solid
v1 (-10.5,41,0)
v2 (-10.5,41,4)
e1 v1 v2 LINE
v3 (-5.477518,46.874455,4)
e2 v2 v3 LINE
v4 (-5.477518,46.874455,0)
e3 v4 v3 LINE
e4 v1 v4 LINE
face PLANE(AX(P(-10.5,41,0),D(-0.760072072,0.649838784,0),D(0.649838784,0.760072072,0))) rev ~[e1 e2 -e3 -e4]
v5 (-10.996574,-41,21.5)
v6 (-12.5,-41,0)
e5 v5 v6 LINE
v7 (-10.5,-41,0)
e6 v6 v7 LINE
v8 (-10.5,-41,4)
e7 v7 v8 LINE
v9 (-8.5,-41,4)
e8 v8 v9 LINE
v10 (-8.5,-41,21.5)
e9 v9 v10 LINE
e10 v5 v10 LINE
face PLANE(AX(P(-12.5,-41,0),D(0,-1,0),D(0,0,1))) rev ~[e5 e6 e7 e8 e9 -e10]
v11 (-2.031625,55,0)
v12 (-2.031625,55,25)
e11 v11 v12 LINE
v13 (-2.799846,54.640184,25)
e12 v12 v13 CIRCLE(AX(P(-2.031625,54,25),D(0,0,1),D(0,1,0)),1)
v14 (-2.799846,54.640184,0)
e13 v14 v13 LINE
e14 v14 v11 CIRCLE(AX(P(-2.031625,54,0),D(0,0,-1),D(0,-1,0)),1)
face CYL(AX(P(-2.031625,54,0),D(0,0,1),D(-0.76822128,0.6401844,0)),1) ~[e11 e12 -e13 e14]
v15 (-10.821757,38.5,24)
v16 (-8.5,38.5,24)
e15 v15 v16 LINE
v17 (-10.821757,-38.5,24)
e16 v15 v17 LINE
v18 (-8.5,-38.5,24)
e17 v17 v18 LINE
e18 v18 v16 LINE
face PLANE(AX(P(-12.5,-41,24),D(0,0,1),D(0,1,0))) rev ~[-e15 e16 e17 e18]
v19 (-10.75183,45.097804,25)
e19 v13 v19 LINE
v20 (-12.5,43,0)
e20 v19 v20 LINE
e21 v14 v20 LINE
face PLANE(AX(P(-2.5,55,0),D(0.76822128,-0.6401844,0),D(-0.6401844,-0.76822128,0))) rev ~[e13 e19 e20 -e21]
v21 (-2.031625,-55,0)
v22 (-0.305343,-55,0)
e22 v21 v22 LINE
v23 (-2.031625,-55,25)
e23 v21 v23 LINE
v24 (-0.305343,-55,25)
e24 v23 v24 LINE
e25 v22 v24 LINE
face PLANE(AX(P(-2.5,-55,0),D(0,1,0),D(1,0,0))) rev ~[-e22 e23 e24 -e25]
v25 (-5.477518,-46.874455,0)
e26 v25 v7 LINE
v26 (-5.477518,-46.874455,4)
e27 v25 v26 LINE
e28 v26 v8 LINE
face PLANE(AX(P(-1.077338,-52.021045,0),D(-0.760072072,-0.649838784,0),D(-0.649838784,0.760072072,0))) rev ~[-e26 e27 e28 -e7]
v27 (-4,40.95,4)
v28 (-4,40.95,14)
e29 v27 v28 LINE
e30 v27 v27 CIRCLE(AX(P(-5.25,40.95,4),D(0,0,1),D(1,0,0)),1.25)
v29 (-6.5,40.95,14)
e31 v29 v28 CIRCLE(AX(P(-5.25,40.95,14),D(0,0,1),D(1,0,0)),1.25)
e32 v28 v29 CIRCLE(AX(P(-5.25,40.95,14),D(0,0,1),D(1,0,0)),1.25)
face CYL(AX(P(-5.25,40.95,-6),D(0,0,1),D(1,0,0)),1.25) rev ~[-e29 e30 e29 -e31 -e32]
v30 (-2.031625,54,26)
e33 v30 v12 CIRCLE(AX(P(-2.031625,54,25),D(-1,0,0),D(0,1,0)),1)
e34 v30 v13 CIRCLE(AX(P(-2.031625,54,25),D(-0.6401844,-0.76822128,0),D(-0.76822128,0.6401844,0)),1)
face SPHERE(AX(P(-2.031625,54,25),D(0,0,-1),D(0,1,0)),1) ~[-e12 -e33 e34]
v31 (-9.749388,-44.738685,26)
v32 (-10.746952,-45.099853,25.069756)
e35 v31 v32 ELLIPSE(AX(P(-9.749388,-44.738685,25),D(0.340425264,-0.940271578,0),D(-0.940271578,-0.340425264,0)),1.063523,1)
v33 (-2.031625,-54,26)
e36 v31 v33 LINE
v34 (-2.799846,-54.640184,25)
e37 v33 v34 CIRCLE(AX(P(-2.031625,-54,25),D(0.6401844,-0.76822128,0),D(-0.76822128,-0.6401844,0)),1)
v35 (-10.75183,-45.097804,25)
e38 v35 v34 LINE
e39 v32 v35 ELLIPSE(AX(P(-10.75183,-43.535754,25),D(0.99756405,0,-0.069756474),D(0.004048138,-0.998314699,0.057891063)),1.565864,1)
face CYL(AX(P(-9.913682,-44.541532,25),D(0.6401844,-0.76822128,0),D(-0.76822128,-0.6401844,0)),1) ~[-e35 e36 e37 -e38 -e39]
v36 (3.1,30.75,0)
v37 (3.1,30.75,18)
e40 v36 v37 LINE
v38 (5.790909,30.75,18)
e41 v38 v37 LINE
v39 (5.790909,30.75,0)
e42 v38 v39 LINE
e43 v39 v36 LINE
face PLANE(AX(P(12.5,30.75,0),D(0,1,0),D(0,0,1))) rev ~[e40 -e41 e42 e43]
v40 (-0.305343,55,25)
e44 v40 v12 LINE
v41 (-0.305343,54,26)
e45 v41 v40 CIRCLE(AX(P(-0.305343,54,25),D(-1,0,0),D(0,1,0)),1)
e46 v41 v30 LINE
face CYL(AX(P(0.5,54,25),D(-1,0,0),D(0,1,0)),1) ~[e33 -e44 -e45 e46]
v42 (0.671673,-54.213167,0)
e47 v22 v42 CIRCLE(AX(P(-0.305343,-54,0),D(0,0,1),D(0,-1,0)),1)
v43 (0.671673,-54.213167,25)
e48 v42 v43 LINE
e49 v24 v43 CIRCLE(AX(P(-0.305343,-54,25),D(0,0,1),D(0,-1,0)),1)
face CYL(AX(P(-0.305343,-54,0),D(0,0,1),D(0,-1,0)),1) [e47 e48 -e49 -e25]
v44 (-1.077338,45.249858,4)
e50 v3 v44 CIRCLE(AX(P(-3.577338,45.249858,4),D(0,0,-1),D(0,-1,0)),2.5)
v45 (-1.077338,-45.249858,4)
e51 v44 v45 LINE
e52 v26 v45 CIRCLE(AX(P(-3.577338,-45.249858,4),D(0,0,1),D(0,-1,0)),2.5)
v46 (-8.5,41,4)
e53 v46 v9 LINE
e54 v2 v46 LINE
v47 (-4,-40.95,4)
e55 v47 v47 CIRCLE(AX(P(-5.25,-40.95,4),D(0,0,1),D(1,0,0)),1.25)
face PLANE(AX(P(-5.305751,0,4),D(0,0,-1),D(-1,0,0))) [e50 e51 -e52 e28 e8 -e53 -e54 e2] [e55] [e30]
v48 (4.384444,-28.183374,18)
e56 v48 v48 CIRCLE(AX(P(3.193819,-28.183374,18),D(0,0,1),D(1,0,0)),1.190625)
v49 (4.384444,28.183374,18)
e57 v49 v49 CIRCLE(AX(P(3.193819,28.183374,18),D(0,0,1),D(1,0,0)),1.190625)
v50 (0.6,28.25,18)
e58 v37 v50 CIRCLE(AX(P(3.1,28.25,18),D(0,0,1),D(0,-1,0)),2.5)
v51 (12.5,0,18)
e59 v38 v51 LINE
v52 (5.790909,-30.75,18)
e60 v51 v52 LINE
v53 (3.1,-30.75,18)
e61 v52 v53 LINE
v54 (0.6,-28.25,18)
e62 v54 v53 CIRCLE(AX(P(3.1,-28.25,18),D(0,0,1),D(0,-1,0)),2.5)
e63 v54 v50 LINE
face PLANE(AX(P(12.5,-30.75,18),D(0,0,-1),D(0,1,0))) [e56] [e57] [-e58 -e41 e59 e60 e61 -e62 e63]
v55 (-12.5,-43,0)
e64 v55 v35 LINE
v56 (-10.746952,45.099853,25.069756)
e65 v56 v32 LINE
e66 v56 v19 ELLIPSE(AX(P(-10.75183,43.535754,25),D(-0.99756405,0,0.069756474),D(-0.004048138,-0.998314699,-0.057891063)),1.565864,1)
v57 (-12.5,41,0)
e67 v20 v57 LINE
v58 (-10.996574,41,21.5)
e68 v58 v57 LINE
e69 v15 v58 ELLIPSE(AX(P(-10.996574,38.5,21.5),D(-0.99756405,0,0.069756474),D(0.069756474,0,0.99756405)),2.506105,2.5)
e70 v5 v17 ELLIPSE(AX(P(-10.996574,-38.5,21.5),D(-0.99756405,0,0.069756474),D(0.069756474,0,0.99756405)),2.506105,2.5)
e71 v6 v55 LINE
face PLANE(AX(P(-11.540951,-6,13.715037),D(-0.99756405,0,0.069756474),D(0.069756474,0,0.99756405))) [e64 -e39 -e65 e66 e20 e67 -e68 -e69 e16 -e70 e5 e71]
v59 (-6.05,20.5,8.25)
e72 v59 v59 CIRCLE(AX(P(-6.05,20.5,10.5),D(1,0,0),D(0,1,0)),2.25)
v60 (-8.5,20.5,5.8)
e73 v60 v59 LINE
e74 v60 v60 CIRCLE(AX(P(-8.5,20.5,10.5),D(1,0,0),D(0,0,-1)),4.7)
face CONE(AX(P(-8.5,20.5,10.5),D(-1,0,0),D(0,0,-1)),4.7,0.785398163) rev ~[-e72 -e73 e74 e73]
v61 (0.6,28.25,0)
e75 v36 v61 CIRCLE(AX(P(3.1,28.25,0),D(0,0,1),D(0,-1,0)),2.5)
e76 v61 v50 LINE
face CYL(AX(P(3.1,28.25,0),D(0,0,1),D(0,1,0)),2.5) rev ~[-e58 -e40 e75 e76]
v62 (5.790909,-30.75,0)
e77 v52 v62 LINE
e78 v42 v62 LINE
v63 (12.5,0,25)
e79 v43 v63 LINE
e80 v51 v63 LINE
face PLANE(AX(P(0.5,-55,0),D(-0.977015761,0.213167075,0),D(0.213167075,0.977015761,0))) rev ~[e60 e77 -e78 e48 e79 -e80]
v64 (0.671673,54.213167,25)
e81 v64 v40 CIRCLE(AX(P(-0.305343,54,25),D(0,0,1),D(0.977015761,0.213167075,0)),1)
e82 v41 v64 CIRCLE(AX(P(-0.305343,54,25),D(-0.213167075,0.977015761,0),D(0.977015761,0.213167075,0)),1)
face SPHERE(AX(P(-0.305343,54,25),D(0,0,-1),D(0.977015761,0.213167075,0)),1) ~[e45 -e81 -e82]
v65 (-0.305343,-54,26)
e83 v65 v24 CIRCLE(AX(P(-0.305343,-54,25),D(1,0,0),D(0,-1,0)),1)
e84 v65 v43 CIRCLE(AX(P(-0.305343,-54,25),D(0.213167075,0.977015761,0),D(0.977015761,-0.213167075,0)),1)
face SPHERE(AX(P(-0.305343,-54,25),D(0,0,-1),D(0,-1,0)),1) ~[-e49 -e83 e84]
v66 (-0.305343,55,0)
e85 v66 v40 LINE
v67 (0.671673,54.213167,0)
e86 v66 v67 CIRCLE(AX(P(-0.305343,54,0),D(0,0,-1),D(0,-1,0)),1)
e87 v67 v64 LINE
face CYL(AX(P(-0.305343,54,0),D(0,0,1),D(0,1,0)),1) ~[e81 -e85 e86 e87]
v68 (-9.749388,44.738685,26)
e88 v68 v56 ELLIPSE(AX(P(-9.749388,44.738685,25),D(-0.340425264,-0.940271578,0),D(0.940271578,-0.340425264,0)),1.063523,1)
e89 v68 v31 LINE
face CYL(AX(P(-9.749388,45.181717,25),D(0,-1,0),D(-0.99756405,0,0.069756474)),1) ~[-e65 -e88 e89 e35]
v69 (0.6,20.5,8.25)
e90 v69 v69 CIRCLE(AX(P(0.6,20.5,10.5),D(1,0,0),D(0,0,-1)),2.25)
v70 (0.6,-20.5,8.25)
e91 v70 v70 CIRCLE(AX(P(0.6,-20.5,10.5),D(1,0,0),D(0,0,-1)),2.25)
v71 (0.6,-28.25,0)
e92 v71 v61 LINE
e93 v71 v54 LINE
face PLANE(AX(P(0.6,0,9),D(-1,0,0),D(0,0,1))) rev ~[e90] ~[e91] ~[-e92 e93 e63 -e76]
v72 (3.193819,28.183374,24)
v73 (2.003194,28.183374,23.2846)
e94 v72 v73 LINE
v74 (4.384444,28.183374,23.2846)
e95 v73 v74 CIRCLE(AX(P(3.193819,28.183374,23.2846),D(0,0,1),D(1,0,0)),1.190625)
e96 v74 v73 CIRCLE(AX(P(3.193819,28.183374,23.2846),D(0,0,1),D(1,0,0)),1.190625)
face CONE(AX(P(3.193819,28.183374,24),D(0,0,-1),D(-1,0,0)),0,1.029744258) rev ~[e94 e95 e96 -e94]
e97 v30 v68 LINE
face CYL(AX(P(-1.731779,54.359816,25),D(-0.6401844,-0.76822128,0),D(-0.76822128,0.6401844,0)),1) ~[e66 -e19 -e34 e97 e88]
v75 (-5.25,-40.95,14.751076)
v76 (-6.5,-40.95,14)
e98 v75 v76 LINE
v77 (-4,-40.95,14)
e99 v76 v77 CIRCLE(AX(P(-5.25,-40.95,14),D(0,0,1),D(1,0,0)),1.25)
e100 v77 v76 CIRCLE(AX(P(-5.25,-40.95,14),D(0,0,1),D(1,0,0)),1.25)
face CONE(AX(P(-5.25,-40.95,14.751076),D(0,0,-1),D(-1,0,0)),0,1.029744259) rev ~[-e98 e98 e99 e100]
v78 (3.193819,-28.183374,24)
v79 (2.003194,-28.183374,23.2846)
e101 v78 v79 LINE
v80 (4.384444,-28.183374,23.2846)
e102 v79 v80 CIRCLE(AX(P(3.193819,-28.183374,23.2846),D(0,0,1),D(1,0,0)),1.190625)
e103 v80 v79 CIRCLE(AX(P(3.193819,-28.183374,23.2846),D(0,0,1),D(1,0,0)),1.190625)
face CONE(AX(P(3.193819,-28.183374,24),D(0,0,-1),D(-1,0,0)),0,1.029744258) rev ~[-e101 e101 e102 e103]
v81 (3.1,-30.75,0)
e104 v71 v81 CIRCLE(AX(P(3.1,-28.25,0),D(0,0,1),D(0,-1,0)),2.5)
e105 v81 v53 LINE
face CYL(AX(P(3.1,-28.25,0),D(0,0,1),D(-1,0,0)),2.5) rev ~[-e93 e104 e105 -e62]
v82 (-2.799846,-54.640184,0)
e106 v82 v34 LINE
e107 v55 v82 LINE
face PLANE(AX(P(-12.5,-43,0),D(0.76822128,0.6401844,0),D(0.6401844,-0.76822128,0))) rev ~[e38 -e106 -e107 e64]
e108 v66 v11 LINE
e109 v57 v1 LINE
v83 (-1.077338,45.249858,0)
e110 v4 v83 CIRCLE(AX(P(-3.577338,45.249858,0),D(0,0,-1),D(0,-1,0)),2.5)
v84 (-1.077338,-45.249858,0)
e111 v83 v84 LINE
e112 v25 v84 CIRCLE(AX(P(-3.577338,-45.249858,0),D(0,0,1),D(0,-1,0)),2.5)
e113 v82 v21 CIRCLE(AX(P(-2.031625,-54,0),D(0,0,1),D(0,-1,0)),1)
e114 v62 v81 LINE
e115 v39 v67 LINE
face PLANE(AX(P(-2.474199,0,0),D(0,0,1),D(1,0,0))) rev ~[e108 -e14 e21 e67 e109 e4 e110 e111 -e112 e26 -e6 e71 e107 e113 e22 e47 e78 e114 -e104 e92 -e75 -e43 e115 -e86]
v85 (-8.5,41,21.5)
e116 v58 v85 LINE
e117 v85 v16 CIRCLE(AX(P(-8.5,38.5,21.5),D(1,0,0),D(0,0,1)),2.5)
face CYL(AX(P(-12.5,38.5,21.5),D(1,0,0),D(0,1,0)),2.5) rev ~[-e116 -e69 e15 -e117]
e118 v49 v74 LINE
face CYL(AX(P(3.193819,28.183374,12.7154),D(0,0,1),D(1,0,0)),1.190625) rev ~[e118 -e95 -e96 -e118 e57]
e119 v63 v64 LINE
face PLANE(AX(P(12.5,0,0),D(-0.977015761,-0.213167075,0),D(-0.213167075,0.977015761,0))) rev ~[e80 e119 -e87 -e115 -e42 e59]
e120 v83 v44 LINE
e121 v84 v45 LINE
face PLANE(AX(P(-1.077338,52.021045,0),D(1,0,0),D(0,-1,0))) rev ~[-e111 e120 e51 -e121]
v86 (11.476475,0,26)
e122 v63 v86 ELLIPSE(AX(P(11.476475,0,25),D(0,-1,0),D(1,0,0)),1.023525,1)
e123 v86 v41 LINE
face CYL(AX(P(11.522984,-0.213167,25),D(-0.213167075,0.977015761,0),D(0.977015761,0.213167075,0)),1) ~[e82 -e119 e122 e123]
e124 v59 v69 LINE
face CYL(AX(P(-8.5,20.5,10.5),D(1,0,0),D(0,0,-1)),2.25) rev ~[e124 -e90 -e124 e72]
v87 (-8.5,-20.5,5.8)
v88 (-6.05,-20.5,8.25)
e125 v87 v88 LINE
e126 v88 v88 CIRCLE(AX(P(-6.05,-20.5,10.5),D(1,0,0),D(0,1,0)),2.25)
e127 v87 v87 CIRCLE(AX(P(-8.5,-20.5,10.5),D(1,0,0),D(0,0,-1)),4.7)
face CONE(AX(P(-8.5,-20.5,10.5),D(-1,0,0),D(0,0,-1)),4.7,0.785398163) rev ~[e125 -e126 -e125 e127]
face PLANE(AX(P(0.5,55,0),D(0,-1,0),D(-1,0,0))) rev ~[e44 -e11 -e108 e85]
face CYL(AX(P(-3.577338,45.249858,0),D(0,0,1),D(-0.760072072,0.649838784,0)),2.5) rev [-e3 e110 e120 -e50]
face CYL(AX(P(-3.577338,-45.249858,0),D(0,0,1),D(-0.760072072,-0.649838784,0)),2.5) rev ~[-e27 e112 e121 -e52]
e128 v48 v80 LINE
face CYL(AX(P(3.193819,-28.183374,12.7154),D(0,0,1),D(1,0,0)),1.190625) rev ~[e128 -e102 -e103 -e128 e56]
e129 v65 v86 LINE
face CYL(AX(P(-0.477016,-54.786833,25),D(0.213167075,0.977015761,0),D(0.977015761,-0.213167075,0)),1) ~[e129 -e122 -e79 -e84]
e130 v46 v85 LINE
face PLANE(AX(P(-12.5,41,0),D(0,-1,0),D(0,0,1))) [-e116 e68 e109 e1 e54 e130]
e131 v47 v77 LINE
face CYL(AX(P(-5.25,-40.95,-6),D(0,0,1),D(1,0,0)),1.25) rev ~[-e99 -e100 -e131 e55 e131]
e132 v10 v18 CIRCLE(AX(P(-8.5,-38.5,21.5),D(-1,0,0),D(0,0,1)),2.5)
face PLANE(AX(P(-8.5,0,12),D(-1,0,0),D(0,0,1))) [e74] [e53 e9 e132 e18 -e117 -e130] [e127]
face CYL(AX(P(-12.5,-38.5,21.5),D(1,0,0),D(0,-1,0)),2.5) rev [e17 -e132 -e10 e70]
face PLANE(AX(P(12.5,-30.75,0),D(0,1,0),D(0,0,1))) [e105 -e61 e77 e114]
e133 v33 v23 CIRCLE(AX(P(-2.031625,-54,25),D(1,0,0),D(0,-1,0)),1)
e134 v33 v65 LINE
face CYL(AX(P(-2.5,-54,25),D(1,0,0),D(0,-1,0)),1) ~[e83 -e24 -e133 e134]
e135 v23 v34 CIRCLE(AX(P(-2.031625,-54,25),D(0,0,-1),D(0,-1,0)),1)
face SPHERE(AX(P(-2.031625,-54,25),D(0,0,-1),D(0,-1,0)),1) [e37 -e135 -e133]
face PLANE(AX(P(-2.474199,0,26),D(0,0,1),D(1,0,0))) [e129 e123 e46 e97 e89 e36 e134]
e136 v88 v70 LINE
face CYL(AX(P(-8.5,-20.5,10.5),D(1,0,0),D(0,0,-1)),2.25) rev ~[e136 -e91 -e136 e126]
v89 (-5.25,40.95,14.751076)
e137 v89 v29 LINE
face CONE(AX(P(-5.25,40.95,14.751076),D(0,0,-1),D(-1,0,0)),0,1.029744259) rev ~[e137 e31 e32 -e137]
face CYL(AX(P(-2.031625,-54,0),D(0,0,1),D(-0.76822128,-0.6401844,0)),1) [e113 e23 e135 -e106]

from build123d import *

# Parameters (mm, degrees)
MAIN_PROFILE_DEPTH                              = 26
SKETCH2_W                                       = 18
SKETCH2_H                                       = 61.5
BODY_ATTACHMENT_CAVITY_DEPTH                    = 11.9
FILLET1_R                                       = 2.5
SKETCH5_W                                       = 24
SKETCH5_H                                       = 82
FACE_CAVITY_DEPTH                               = 4
FILLET2_R                                       = 2.5
CUT_EXTRUDE3_DEPTH                              = 4
FILLET3_R                                       = 2.5
SKETCH8_W                                       = 27.49705506
SKETCH8_H                                       = 110
CUT_REVOLVE1_ANGLE                              = 4
M3X0_5_TAPPED_HOLE1_D                           = 2.5
M3X0_5_TAPPED_HOLE1_DEPTH                       = 10
M3X0_5_TAPPED_HOLE1_TIP                         = 0.751075774
CSK_FOR_M4_FLAT_HEAD_MACHINE_SCREW1_D           = 4.5
CSK_FOR_M4_FLAT_HEAD_MACHINE_SCREW1_DEPTH       = 10
CSK_FOR_M4_FLAT_HEAD_MACHINE_SCREW1_CSINK_D     = 9.4
CSK_FOR_M4_FLAT_HEAD_MACHINE_SCREW1_CSINK_ANGLE = 90
CSK_FOR_M4_FLAT_HEAD_MACHINE_SCREW1_TIP         = 1.351936393
F_3_32_0_09375_DIAMETER_HOLE1_D                 = 2.38125
F_3_32_0_09375_DIAMETER_HOLE1_DEPTH             = 5.284600325
F_3_32_0_09375_DIAMETER_HOLE1_TIP               = 0.715399675
FILLET4_R                                       = 1


with BuildPart() as part:
    # Sketch1 → Main Profile (new body)
    with BuildSketch(Plane.XY):
        Polygon((-2.5, 55), (-12.5, 43), (-12.5, -43), (-2.5, -55), (0.5, -55), (12.5, 0), (0.5, 55), align=None)
    extrude(amount=MAIN_PROFILE_DEPTH)

    # Sketch2 → Body Attachment Cavity (cut)
    with BuildSketch(Plane.ZY.offset(-12.5)):
        with Locations((9, 0)):
            Rectangle(SKETCH2_W, SKETCH2_H)
    extrude(amount=BODY_ATTACHMENT_CAVITY_DEPTH, mode=Mode.SUBTRACT)

    # Fillet1
    fillet1_edges = [part.edges().sort_by_distance(p)[0] for p in [
        (0.6, -30.75, 9),
        (0.6, 30.75, 9),
    ]]
    fillet(fillet1_edges, radius=FILLET1_R)

    # Sketch5 → Face Cavity (cut)
    with BuildSketch(Plane.ZY.offset(12.5)):
        with Locations((12, 0)):
            Rectangle(SKETCH5_W, SKETCH5_H)
    extrude(amount=-FACE_CAVITY_DEPTH, mode=Mode.SUBTRACT)

    # Fillet2
    fillet2_edges = [part.edges().sort_by_distance(p)[0] for p in [
        (-10.5, 41, 24),
        (-10.5, -41, 24),
    ]]
    fillet(fillet2_edges, radius=FILLET2_R)

    # Sketch7 → Cut-Extrude3 (cut)
    with BuildSketch(Plane(origin=(0, 0, 0), x_dir=(-1, 0, 0), z_dir=(0, 0, -1))):
        Polygon((10.5, 41), (1.077337627, 52.021045042), (1.077337627, -52.021045042), (10.5, -41), align=None)
    extrude(amount=-CUT_EXTRUDE3_DEPTH, mode=Mode.SUBTRACT)

    # Fillet3
    fillet3_edges = [part.edges().sort_by_distance(p)[0] for p in [
        (-1.077337627, -52.021045042, 2),
        (-1.077337627, 52.021045042, 2),
    ]]
    fillet(fillet3_edges, radius=FILLET3_R)

    # Sketch8 → Cut-Revolve1 (revolve, cut)
    with BuildSketch(Plane.ZY.offset(12.5)):
        with Locations((13.74852753, -6)):
            Rectangle(SKETCH8_W, SKETCH8_H)
    revolve(axis=Axis((-12.5, 49, 0), (0, 1, 0)), revolution_arc=CUT_REVOLVE1_ANGLE, mode=Mode.SUBTRACT)

    # M3x0.5 Tapped Hole1
    with Locations(Plane(origin=(0, 0, 4), x_dir=(-1, 0, 0), z_dir=(0, 0, -1))):
        with Locations((5.25, 40.95), (5.25, -40.95)):
            Hole(M3X0_5_TAPPED_HOLE1_D / 2, depth=M3X0_5_TAPPED_HOLE1_DEPTH)
            with Locations((0, 0, -(M3X0_5_TAPPED_HOLE1_DEPTH + M3X0_5_TAPPED_HOLE1_TIP / 2))):  # 118° drill point
                Cone(0, M3X0_5_TAPPED_HOLE1_D / 2, M3X0_5_TAPPED_HOLE1_TIP, mode=Mode.SUBTRACT)

    # CSK for M4 Flat Head Machine Screw1
    with Locations(Plane.ZY.offset(8.5)):
        with Locations((10.5, 20.5), (10.5, -20.5)):
            CounterSinkHole(CSK_FOR_M4_FLAT_HEAD_MACHINE_SCREW1_D / 2, CSK_FOR_M4_FLAT_HEAD_MACHINE_SCREW1_CSINK_D / 2, depth=CSK_FOR_M4_FLAT_HEAD_MACHINE_SCREW1_DEPTH, counter_sink_angle=CSK_FOR_M4_FLAT_HEAD_MACHINE_SCREW1_CSINK_ANGLE)
            with Locations((0, 0, -(CSK_FOR_M4_FLAT_HEAD_MACHINE_SCREW1_DEPTH + CSK_FOR_M4_FLAT_HEAD_MACHINE_SCREW1_TIP / 2))):  # 118° drill point
                Cone(0, CSK_FOR_M4_FLAT_HEAD_MACHINE_SCREW1_D / 2, CSK_FOR_M4_FLAT_HEAD_MACHINE_SCREW1_TIP, mode=Mode.SUBTRACT)

    # 3/32 (0.09375) Diameter Hole1
    with Locations(Plane(origin=(0, 0, 18), x_dir=(-1, 0, 0), z_dir=(0, 0, -1))):
        with Locations((-3.193818752, 28.18337425), (-3.193818752, -28.18337425)):
            Hole(F_3_32_0_09375_DIAMETER_HOLE1_D / 2, depth=F_3_32_0_09375_DIAMETER_HOLE1_DEPTH)
            with Locations((0, 0, -(F_3_32_0_09375_DIAMETER_HOLE1_DEPTH + F_3_32_0_09375_DIAMETER_HOLE1_TIP / 2))):  # 118° drill point
                Cone(0, F_3_32_0_09375_DIAMETER_HOLE1_D / 2, F_3_32_0_09375_DIAMETER_HOLE1_TIP, mode=Mode.SUBTRACT)

    # Fillet4
    fillet4_edges = [part.edges().sort_by_distance(p)[0] for p in [
        (-6.590951445, -50.090858266, 26),
        (-6.590951445, 50.090858266, 26),
        (-10.681902889, 0, 26),
        (-2.5, 55, 13),
        (0.5, 55, 13),
        (0.5, -55, 13),
        (-2.5, -55, 13),
        (-1, -55, 26),
        (6.5, -27.5, 26),
        (6.5, 27.5, 26),
        (-1, 55, 26),
    ]]
    fillet(fillet4_edges, radius=FILLET4_R)


solid = part.part
